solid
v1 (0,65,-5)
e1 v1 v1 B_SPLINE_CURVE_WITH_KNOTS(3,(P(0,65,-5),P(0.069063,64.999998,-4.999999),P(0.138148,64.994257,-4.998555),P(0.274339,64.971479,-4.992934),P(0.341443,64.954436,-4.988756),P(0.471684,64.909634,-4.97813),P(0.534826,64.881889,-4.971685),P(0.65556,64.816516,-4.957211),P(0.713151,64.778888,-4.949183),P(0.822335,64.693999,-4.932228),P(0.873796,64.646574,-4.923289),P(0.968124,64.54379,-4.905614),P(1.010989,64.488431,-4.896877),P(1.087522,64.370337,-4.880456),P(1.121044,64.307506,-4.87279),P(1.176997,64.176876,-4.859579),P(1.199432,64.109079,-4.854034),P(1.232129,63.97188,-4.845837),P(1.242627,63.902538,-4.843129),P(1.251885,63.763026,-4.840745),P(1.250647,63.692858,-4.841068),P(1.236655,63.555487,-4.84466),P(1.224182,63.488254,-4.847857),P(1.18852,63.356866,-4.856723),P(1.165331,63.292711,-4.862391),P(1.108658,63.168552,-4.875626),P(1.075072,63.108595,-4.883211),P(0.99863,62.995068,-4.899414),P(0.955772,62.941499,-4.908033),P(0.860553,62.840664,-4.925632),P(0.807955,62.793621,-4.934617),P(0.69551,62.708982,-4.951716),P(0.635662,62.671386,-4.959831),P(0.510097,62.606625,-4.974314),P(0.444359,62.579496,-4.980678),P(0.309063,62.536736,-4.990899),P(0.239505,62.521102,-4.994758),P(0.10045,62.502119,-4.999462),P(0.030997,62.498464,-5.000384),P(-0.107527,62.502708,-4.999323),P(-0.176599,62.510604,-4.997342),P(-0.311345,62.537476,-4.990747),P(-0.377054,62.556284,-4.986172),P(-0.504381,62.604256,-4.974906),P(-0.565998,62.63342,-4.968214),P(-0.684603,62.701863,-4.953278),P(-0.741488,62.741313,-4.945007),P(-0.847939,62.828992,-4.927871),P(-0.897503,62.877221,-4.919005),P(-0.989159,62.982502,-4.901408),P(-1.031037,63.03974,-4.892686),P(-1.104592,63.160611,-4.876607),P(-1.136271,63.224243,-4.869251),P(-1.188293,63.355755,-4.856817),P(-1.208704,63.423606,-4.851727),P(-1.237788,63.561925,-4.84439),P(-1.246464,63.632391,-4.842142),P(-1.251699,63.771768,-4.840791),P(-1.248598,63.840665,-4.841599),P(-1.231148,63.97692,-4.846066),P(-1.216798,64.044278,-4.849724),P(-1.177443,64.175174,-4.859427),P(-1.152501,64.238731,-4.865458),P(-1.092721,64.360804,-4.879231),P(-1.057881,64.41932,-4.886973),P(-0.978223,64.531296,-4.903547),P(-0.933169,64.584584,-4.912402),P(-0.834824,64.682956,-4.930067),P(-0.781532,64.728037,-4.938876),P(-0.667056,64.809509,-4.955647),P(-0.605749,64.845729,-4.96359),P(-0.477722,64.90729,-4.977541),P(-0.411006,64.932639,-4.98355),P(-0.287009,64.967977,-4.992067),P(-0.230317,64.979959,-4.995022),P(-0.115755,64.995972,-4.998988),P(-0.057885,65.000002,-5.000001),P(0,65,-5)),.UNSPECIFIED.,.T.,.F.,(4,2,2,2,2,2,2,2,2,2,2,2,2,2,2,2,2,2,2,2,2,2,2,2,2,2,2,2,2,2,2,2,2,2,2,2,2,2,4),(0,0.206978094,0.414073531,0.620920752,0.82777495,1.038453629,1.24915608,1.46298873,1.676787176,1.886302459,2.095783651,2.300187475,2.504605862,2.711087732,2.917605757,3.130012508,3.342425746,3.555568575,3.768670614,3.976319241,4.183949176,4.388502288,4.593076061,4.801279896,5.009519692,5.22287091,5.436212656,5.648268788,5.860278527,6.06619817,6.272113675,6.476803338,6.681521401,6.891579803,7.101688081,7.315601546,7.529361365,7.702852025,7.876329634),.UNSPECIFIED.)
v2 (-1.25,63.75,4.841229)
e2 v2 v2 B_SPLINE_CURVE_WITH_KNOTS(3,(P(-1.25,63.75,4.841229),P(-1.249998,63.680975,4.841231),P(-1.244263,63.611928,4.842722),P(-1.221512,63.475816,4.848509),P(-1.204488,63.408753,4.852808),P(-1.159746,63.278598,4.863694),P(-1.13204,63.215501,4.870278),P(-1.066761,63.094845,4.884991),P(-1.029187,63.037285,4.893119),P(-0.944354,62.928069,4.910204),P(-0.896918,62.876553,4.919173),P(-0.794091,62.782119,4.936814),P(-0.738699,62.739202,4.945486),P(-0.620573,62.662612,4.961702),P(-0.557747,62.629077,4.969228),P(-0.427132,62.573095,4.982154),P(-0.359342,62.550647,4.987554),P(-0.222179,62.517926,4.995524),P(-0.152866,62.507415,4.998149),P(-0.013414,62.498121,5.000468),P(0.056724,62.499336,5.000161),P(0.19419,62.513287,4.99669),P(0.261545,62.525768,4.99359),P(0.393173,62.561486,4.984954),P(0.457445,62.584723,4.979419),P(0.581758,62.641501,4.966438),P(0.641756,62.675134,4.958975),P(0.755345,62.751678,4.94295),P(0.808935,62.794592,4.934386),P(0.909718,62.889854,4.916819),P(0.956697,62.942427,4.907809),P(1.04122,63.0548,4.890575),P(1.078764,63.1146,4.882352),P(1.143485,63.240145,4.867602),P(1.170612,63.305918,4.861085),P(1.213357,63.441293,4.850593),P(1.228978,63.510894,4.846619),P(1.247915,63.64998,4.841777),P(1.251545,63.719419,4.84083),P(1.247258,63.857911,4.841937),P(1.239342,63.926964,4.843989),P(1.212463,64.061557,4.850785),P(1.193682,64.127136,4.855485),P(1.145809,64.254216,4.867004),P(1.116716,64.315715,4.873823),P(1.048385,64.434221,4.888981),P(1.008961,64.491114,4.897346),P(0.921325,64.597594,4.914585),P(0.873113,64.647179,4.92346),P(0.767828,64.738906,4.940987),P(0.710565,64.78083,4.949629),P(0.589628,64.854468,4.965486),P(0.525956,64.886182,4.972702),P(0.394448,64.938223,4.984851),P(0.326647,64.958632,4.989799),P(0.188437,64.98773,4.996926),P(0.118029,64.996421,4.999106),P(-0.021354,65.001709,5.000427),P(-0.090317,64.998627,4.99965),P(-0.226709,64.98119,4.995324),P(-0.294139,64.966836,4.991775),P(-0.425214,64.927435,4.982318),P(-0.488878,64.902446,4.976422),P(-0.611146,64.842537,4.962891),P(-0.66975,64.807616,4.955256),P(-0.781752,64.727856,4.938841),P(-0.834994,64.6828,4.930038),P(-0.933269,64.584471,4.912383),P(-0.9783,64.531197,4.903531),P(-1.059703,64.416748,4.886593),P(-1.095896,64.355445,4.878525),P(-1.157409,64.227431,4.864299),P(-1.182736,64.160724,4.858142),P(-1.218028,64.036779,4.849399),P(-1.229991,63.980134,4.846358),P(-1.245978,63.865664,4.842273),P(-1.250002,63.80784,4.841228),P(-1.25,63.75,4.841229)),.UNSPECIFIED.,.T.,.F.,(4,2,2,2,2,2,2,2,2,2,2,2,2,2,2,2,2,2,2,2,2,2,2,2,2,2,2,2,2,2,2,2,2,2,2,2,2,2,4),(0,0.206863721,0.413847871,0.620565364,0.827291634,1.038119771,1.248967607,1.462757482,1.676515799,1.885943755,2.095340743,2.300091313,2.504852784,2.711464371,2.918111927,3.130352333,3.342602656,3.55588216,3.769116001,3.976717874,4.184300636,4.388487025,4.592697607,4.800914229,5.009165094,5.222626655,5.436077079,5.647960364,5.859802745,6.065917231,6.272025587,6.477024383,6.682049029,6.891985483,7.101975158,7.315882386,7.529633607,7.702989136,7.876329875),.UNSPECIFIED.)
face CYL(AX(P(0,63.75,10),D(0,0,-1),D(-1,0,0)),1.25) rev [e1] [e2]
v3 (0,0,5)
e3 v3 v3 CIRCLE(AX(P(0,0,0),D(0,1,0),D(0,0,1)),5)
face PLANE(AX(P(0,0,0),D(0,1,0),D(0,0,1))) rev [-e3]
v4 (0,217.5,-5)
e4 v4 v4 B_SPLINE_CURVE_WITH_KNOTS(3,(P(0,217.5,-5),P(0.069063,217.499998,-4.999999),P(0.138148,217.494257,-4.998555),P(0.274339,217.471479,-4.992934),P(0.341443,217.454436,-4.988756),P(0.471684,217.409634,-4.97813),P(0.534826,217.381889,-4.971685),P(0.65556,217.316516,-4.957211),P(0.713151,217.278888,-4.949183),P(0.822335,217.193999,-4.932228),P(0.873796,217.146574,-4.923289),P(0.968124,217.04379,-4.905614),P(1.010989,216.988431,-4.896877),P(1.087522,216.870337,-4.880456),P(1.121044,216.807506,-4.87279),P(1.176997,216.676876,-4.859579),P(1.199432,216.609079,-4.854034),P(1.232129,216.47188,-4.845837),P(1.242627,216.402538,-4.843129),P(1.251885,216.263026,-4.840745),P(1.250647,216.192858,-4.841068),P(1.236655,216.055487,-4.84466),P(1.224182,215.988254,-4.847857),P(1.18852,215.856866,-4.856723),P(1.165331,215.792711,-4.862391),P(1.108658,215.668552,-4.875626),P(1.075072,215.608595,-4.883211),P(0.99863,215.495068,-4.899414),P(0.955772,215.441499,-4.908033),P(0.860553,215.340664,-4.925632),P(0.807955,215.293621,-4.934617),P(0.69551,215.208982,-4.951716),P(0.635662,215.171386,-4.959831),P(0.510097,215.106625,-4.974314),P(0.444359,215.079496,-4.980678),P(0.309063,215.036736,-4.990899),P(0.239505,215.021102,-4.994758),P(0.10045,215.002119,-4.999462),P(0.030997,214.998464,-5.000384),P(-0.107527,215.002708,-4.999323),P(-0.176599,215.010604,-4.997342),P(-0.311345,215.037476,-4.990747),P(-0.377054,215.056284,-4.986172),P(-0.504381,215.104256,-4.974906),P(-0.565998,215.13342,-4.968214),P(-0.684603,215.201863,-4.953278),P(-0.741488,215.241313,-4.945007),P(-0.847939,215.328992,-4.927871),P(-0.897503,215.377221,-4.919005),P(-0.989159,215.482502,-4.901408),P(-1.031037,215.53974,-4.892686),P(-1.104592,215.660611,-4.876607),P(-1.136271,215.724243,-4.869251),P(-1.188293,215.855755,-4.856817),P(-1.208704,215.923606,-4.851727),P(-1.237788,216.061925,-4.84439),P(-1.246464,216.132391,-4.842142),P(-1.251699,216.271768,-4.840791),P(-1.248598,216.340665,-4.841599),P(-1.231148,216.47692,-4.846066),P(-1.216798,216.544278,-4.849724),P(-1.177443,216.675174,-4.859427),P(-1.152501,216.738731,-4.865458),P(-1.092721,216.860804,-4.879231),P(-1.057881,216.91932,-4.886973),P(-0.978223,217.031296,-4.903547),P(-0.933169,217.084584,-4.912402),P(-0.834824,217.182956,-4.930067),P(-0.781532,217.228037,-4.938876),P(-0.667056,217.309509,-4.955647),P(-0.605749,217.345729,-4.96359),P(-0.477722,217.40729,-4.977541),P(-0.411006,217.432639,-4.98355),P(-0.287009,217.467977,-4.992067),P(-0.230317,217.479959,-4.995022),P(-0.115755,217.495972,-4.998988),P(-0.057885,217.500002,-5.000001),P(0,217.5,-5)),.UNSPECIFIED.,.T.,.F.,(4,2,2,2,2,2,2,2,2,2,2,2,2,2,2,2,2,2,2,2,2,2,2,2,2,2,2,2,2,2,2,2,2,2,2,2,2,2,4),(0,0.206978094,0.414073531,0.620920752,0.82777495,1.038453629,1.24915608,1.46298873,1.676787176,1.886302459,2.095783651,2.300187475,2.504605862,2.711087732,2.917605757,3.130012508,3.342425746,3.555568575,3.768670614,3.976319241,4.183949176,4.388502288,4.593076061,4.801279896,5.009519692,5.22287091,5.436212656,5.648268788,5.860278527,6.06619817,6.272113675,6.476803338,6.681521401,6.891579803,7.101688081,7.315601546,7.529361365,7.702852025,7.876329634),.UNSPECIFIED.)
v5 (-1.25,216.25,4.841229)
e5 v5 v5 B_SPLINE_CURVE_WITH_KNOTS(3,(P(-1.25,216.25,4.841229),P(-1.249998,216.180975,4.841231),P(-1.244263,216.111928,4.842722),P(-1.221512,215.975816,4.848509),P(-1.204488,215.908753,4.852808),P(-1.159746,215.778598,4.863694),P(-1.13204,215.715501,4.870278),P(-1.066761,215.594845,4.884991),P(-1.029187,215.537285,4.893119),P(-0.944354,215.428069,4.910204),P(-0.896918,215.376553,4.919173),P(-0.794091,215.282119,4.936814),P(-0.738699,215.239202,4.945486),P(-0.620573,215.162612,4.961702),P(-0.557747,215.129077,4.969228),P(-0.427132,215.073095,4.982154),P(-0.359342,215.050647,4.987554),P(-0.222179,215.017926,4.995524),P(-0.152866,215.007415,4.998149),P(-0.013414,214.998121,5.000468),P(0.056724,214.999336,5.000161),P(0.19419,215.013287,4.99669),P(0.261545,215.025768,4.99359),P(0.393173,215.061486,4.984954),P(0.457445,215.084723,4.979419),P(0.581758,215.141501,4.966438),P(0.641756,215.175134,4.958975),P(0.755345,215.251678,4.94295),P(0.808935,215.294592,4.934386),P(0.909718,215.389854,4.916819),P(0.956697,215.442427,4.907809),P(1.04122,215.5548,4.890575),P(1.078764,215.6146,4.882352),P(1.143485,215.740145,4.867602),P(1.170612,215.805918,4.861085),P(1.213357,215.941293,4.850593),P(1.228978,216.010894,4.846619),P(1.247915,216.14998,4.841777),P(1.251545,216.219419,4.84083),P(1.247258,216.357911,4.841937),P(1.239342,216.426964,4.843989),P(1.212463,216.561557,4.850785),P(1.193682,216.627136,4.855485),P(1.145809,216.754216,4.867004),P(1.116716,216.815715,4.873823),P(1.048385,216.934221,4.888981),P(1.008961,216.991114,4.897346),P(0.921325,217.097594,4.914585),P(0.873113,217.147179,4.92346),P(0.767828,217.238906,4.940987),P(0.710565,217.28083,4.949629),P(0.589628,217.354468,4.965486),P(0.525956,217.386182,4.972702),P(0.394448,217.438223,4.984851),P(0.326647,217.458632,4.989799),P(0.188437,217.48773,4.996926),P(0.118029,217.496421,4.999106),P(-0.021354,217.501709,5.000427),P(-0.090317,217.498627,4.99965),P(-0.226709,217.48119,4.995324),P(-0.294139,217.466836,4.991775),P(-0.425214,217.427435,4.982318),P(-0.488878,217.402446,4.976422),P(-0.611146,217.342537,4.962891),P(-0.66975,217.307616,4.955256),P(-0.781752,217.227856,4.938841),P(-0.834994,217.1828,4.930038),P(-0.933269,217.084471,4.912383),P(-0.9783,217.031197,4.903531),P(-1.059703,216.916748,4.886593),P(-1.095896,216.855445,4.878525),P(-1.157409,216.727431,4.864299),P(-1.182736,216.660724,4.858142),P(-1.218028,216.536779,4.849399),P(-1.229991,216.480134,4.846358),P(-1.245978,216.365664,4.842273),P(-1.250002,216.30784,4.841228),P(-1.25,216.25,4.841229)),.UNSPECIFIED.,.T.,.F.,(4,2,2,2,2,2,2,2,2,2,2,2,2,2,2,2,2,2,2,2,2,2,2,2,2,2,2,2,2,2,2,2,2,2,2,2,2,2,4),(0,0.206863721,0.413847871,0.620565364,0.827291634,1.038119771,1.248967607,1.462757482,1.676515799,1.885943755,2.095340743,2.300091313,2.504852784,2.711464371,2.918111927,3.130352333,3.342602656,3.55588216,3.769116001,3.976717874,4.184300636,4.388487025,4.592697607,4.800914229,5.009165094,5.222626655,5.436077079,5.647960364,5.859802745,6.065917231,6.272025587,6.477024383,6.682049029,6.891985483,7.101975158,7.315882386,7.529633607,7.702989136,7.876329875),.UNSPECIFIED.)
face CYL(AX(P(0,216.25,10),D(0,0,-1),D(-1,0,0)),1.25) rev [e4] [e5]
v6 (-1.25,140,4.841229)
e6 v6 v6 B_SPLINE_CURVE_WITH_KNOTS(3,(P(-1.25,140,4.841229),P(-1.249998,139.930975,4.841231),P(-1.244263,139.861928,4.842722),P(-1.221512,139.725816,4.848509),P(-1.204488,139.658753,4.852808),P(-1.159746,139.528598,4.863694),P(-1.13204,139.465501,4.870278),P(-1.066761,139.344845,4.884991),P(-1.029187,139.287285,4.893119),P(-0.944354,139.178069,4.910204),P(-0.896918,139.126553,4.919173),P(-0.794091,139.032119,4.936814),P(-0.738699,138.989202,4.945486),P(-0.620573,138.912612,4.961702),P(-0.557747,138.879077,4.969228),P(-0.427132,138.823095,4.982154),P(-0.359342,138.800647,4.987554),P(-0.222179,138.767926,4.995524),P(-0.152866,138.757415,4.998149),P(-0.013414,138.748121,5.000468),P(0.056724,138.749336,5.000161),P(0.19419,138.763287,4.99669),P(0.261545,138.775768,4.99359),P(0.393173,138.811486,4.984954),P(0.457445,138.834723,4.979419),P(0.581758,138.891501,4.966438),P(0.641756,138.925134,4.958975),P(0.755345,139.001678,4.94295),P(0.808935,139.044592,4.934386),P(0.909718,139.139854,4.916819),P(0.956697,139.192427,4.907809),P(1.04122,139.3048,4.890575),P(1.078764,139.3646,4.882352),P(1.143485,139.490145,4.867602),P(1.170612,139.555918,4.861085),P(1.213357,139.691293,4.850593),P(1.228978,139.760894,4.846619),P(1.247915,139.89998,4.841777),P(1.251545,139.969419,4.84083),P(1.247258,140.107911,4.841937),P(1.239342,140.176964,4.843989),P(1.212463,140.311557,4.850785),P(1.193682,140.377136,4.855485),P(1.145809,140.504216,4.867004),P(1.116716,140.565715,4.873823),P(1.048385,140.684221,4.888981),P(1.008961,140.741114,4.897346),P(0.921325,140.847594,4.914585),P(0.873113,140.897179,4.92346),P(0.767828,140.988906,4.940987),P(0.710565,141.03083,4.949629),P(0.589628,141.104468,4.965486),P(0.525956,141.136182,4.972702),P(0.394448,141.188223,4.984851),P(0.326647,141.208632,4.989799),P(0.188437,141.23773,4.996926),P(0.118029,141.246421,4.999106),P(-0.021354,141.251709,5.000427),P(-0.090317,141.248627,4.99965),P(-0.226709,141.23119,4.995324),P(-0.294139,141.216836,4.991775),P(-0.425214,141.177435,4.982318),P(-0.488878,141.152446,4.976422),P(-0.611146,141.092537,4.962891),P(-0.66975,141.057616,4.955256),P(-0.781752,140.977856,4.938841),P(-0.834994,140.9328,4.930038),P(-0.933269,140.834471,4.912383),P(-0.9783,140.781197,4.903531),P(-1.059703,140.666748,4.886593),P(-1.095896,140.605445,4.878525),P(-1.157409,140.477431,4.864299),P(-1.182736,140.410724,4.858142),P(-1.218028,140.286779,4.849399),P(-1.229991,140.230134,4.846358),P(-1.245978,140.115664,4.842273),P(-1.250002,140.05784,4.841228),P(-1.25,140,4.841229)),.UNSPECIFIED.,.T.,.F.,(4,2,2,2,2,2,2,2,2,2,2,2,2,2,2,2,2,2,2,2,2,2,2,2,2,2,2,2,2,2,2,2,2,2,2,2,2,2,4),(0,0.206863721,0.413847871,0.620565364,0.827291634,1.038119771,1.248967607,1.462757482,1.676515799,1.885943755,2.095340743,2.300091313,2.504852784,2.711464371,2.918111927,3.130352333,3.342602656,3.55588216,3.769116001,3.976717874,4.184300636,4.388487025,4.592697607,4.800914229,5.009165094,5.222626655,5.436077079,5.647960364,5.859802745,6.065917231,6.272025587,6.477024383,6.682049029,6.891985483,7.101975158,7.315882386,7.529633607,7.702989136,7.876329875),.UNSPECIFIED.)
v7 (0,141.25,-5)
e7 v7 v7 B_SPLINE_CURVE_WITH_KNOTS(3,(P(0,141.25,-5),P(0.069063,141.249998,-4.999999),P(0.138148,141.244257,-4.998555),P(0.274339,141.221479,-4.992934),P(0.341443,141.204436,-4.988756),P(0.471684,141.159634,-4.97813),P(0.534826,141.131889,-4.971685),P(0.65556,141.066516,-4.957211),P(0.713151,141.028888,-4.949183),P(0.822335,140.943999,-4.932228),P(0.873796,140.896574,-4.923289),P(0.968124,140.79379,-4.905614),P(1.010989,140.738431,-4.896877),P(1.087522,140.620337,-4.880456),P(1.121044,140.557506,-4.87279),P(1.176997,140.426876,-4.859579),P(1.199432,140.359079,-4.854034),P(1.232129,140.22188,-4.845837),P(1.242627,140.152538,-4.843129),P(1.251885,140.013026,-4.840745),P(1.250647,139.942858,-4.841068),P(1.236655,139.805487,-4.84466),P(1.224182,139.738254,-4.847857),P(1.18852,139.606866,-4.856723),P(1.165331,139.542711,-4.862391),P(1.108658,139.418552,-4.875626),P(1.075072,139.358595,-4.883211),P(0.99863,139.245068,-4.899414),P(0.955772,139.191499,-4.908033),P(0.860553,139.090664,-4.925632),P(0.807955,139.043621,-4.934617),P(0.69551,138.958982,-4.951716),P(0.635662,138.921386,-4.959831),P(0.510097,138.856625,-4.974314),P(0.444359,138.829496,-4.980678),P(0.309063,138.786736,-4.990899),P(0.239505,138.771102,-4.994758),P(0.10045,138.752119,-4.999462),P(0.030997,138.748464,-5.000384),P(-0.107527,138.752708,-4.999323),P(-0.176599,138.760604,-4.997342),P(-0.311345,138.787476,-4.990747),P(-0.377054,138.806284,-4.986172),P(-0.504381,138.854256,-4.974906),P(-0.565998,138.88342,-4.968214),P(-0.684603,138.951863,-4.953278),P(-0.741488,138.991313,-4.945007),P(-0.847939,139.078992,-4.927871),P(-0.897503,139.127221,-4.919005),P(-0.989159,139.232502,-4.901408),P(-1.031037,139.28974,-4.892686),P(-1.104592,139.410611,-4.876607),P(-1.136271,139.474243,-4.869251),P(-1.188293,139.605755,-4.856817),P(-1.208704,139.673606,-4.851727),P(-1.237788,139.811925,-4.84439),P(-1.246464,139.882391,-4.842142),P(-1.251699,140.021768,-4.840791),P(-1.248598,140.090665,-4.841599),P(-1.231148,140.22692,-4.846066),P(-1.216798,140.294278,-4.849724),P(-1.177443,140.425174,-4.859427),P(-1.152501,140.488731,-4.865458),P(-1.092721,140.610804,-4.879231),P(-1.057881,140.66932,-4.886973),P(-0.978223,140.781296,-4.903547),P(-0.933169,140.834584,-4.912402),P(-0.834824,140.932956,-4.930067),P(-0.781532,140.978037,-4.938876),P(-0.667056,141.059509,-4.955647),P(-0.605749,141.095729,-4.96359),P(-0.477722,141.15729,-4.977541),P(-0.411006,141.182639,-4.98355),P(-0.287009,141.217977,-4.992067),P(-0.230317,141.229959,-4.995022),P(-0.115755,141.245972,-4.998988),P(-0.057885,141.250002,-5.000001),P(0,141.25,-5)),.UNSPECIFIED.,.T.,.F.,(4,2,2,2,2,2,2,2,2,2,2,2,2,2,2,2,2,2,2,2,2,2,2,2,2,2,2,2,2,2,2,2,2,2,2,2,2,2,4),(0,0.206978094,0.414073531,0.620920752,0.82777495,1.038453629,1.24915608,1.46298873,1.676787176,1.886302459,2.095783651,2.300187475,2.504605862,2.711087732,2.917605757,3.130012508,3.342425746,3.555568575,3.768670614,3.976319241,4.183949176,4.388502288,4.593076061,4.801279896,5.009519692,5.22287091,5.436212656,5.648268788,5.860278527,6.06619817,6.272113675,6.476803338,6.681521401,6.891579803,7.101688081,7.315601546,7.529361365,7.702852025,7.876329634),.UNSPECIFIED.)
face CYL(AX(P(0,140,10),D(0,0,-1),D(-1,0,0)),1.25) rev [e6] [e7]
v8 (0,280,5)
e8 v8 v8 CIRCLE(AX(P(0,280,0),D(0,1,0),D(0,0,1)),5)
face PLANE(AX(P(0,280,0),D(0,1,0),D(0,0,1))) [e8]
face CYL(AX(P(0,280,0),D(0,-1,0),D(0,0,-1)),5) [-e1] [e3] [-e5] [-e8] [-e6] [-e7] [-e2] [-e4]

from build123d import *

# Parameters (mm, degrees)
ESQUISSE1_R             = 5
BOSS_EXTRU_1_DEPTH      = 280
CUT_EXTRUDE1_DEPTH      = 10
CUT_EXTRUDE1_DEPTH_BACK = 10
SKETCH1_R               = 1.25


with BuildPart() as part:
    # Esquisse1 → Boss.-Extru.1 (new body)
    with BuildSketch(Plane(origin=(0, 0, 0), x_dir=(1, 0, 0), z_dir=(0, 1, 0))):
        Circle(ESQUISSE1_R)
    extrude(amount=BOSS_EXTRU_1_DEPTH)

    # Sketch1 → Cut-Extrude1 (cut, two sides: drawn at the far end of the back side and taken through both)
    with BuildSketch(Plane.XY.offset(-CUT_EXTRUDE1_DEPTH_BACK)):
        with Locations((0, 216.25)):
            Circle(SKETCH1_R)
        with Locations((0, 140)):
            Circle(SKETCH1_R)
        with Locations((0, 63.75)):
            Circle(SKETCH1_R)
    extrude(amount=CUT_EXTRUDE1_DEPTH + CUT_EXTRUDE1_DEPTH_BACK, mode=Mode.SUBTRACT)


solid = part.part
